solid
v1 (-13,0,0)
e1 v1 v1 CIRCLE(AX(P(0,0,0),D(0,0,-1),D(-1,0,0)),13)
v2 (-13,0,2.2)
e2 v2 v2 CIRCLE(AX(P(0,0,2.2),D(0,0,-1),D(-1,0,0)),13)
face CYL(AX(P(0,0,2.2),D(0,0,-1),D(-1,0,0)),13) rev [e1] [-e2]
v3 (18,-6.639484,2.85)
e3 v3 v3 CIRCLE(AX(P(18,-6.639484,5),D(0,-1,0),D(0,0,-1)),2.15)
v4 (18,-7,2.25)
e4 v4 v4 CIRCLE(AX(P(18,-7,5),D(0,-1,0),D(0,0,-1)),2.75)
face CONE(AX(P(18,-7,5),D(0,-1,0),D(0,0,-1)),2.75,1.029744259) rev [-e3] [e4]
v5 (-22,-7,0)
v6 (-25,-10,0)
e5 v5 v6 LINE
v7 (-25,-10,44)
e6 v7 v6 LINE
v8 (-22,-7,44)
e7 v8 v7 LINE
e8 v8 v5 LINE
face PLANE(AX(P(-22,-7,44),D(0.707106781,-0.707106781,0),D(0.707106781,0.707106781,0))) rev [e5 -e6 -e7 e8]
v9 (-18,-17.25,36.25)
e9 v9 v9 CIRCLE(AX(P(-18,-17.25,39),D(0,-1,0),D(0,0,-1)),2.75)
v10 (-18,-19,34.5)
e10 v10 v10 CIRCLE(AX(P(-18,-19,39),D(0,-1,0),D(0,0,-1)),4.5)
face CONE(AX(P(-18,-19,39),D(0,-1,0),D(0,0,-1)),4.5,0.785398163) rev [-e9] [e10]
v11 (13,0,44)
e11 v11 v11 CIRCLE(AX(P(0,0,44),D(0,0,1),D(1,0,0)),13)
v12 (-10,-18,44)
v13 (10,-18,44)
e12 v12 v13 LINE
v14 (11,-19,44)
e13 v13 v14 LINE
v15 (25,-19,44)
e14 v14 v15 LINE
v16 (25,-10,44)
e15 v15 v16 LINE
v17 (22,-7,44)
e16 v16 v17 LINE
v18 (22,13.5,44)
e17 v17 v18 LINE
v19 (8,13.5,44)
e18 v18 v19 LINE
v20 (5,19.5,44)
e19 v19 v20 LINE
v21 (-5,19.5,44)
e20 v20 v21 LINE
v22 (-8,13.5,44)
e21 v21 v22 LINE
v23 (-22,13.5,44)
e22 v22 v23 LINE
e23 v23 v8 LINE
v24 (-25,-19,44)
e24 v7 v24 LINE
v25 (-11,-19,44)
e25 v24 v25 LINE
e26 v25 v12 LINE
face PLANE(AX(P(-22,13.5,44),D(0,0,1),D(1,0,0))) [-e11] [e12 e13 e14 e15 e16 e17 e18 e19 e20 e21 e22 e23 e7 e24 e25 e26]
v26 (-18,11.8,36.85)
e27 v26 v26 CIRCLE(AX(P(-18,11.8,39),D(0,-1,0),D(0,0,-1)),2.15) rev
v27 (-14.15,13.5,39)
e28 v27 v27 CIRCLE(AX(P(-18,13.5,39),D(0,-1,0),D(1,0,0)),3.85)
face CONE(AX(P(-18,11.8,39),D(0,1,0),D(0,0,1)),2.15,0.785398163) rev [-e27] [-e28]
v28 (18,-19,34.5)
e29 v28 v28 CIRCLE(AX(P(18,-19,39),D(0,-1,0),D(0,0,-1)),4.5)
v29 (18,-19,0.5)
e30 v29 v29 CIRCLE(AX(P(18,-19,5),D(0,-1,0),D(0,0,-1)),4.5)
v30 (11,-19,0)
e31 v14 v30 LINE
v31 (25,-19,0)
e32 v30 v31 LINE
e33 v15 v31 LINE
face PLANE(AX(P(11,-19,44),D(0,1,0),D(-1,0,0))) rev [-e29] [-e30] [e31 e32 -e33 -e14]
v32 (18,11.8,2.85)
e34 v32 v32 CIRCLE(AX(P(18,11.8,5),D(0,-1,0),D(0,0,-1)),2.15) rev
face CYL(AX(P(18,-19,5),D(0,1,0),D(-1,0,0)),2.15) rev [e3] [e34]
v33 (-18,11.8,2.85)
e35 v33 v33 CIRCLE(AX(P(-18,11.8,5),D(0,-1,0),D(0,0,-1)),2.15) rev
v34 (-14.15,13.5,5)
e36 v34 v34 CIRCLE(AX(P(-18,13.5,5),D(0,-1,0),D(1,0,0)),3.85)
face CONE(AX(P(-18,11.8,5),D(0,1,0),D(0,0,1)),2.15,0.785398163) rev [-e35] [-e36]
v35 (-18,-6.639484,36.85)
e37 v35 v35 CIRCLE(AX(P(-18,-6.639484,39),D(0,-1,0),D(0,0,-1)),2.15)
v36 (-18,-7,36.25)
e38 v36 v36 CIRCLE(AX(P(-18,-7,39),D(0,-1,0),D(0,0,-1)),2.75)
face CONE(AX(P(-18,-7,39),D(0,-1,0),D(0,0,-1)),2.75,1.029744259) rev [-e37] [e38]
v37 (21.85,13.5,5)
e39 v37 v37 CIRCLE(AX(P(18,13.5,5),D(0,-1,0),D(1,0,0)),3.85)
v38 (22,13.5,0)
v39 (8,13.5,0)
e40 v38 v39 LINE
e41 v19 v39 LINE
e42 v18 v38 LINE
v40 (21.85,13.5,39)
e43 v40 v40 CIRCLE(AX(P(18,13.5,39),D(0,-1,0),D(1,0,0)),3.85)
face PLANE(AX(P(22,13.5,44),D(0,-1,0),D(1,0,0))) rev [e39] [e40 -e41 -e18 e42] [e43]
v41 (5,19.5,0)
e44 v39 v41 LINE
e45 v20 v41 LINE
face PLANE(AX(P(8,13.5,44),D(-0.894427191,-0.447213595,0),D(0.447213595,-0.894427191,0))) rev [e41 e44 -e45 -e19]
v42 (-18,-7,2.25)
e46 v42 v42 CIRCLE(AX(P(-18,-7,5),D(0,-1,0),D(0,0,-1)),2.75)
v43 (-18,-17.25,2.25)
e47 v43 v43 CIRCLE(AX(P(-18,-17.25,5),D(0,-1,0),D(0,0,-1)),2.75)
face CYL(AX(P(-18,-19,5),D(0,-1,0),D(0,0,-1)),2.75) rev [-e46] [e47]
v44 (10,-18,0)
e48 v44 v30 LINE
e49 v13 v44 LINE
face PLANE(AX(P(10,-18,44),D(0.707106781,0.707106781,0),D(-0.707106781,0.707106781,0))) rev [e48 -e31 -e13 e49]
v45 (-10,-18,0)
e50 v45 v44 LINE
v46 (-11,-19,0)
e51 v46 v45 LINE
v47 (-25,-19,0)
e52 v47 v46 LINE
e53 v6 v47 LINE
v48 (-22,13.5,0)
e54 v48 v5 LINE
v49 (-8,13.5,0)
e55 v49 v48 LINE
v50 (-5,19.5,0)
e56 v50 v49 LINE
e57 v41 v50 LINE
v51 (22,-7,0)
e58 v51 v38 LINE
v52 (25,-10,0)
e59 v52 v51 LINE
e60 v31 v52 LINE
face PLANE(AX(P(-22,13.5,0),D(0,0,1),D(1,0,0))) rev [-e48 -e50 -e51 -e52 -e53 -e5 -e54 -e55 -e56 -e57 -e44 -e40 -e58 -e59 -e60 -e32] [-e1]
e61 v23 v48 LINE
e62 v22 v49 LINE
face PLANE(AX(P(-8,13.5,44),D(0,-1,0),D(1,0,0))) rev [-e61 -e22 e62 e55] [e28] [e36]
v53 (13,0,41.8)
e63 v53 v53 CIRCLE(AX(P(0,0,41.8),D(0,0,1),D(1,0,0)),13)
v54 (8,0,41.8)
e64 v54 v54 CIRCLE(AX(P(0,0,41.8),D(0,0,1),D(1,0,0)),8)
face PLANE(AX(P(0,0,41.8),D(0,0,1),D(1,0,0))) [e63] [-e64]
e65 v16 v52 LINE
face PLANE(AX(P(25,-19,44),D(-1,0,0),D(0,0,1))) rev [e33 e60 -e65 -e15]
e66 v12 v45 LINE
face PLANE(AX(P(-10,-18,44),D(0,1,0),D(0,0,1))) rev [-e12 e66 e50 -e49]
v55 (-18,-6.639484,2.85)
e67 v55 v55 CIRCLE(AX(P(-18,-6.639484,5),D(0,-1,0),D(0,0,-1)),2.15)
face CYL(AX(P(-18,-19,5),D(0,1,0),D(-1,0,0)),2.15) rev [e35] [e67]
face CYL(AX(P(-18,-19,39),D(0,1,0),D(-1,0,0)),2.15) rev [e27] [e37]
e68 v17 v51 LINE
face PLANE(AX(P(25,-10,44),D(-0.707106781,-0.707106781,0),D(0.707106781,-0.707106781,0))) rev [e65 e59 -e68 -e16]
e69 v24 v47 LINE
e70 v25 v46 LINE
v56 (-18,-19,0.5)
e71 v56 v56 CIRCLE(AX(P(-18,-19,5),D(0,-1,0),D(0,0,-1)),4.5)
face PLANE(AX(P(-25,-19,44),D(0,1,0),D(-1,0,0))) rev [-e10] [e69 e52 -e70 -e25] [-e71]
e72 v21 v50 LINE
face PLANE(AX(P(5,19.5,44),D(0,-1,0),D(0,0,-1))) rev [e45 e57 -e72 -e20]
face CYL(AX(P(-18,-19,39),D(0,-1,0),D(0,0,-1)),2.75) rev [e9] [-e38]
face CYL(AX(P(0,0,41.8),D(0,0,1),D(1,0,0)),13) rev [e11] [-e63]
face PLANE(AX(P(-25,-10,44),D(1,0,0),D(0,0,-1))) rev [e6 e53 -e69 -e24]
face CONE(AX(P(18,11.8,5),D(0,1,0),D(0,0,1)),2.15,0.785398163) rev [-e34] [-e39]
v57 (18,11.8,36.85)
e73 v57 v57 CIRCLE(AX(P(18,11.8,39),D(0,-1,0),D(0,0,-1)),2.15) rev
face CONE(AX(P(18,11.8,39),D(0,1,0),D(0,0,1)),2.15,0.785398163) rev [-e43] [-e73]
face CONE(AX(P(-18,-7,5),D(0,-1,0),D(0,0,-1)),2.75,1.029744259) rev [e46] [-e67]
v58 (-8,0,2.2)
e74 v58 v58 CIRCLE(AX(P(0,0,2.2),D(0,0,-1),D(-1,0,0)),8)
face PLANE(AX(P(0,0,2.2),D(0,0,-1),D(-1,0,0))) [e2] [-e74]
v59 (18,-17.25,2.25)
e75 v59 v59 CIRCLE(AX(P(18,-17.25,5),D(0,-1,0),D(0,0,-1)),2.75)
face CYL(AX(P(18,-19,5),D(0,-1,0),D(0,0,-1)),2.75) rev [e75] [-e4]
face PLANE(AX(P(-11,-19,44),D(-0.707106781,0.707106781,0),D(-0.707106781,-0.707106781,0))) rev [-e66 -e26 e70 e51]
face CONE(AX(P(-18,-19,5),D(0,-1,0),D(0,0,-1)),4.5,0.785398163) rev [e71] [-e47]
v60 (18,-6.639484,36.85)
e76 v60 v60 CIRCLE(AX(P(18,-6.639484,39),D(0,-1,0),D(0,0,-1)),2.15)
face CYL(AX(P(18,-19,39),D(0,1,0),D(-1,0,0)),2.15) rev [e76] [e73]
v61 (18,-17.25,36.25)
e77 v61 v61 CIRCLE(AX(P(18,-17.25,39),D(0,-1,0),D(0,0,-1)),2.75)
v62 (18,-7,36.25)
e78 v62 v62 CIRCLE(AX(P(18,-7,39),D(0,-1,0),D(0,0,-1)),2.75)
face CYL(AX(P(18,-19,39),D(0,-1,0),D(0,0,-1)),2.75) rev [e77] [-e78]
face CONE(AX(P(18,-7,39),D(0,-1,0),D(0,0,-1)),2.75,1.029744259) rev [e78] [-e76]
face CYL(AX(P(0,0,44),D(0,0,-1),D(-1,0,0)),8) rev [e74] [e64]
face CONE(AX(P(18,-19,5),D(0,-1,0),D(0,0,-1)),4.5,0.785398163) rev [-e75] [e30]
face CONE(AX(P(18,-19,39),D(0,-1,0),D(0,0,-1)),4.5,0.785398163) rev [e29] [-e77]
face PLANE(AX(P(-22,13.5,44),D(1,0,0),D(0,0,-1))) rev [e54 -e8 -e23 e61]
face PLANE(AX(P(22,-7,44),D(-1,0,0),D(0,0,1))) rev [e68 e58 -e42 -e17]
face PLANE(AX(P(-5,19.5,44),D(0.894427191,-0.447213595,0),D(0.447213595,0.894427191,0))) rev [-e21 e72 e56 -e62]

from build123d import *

# Parameters (mm, degrees)
ESBO_O1_R                                            = 8
EXTRUS_O1_DEPTH                                      = 44
ESBO_O2_R                                            = 13
EXTRUS_O2_DEPTH                                      = 2.2
ESBO_O3_R                                            = 13
EXTRUS_O3_DEPTH                                      = 2.2
ESBO_O4_R                                            = 2.15
EXTRUS_O4_DEPTH                                      = 33.5
ESCAREADO_PARA_PARAFUSO_DE_M_QUINA_COM_C_D           = 5.5
ESCAREADO_PARA_PARAFUSO_DE_M_QUINA_COM_C_DEPTH       = 12
ESCAREADO_PARA_PARAFUSO_DE_M_QUINA_COM_C_CSINK_D     = 9
ESCAREADO_PARA_PARAFUSO_DE_M_QUINA_COM_C_CSINK_ANGLE = 90
ESCAREADO_PARA_PARAFUSO_DE_M_QUINA_COM_C_TIP         = 1.652366702
CHANFRO1_SIZE                                        = 1.7


with BuildPart() as part:
    # Esboço1 → Extrusão1 (new body)
    with BuildSketch(Plane.XY):
        Polygon((-22, 13.5), (-22, -7), (-25, -10), (-25, -19), (-11, -19), (-10, -18), (10, -18), (11, -19), (25, -19), (25, -10), (22, -7), (22, 13.5), (8, 13.5), (5, 19.5), (-5, 19.5), (-8, 13.5), align=None)
        Circle(ESBO_O1_R, mode=Mode.SUBTRACT)
    extrude(amount=EXTRUS_O1_DEPTH)

    # Esboço2 → Extrusão2 (cut)
    with BuildSketch(Plane.XY.offset(44)):
        Circle(ESBO_O2_R)
    extrude(amount=-EXTRUS_O2_DEPTH, mode=Mode.SUBTRACT)

    # Esboço3 → Extrusão3 (cut)
    with BuildSketch(Plane(origin=(0, 0, 0), x_dir=(-1, 0, 0), z_dir=(0, 0, -1))):
        Circle(ESBO_O3_R)
    extrude(amount=-EXTRUS_O3_DEPTH, mode=Mode.SUBTRACT)

    # Esboço4 → Extrusão4 (cut, through all)
    with BuildSketch(Plane(origin=(0, 13.5, 0), x_dir=(1, 0, 0), z_dir=(0, 1, 0))):
        with Locations((18, -5)):
            Circle(ESBO_O4_R)
        with Locations((18, -39)):
            Circle(ESBO_O4_R)
        with Locations((-18, -5)):
            Circle(ESBO_O4_R)
        with Locations((-18, -39)):
            Circle(ESBO_O4_R)
    extrude(amount=-EXTRUS_O4_DEPTH, mode=Mode.SUBTRACT)

    # Escareado para parafuso de máquina com cabeça chata de M52
    with Locations(Plane(origin=(-18, -19, 39), x_dir=(-1, 0, 0), z_dir=(0, -1, 0))):
        with Locations((0, 0), (0, 34), (-36, 34), (-36, 0)):
            CounterSinkHole(ESCAREADO_PARA_PARAFUSO_DE_M_QUINA_COM_C_D / 2, ESCAREADO_PARA_PARAFUSO_DE_M_QUINA_COM_C_CSINK_D / 2, depth=ESCAREADO_PARA_PARAFUSO_DE_M_QUINA_COM_C_DEPTH, counter_sink_angle=ESCAREADO_PARA_PARAFUSO_DE_M_QUINA_COM_C_CSINK_ANGLE)
            with Locations((0, 0, -(ESCAREADO_PARA_PARAFUSO_DE_M_QUINA_COM_C_DEPTH + ESCAREADO_PARA_PARAFUSO_DE_M_QUINA_COM_C_TIP / 2))):  # 118° drill point
                Cone(0, ESCAREADO_PARA_PARAFUSO_DE_M_QUINA_COM_C_D / 2, ESCAREADO_PARA_PARAFUSO_DE_M_QUINA_COM_C_TIP, mode=Mode.SUBTRACT)

    # Chanfro1
    chanfro1_edges = [part.edges().sort_by_distance(p)[0] for p in [
        (15.85, 13.5, 5),
        (15.85, 13.5, 39),
        (-20.15, 13.5, 5),
        (-20.15, 13.5, 39),
    ]]
    chamfer(chanfro1_edges, length=CHANFRO1_SIZE)


solid = part.part
